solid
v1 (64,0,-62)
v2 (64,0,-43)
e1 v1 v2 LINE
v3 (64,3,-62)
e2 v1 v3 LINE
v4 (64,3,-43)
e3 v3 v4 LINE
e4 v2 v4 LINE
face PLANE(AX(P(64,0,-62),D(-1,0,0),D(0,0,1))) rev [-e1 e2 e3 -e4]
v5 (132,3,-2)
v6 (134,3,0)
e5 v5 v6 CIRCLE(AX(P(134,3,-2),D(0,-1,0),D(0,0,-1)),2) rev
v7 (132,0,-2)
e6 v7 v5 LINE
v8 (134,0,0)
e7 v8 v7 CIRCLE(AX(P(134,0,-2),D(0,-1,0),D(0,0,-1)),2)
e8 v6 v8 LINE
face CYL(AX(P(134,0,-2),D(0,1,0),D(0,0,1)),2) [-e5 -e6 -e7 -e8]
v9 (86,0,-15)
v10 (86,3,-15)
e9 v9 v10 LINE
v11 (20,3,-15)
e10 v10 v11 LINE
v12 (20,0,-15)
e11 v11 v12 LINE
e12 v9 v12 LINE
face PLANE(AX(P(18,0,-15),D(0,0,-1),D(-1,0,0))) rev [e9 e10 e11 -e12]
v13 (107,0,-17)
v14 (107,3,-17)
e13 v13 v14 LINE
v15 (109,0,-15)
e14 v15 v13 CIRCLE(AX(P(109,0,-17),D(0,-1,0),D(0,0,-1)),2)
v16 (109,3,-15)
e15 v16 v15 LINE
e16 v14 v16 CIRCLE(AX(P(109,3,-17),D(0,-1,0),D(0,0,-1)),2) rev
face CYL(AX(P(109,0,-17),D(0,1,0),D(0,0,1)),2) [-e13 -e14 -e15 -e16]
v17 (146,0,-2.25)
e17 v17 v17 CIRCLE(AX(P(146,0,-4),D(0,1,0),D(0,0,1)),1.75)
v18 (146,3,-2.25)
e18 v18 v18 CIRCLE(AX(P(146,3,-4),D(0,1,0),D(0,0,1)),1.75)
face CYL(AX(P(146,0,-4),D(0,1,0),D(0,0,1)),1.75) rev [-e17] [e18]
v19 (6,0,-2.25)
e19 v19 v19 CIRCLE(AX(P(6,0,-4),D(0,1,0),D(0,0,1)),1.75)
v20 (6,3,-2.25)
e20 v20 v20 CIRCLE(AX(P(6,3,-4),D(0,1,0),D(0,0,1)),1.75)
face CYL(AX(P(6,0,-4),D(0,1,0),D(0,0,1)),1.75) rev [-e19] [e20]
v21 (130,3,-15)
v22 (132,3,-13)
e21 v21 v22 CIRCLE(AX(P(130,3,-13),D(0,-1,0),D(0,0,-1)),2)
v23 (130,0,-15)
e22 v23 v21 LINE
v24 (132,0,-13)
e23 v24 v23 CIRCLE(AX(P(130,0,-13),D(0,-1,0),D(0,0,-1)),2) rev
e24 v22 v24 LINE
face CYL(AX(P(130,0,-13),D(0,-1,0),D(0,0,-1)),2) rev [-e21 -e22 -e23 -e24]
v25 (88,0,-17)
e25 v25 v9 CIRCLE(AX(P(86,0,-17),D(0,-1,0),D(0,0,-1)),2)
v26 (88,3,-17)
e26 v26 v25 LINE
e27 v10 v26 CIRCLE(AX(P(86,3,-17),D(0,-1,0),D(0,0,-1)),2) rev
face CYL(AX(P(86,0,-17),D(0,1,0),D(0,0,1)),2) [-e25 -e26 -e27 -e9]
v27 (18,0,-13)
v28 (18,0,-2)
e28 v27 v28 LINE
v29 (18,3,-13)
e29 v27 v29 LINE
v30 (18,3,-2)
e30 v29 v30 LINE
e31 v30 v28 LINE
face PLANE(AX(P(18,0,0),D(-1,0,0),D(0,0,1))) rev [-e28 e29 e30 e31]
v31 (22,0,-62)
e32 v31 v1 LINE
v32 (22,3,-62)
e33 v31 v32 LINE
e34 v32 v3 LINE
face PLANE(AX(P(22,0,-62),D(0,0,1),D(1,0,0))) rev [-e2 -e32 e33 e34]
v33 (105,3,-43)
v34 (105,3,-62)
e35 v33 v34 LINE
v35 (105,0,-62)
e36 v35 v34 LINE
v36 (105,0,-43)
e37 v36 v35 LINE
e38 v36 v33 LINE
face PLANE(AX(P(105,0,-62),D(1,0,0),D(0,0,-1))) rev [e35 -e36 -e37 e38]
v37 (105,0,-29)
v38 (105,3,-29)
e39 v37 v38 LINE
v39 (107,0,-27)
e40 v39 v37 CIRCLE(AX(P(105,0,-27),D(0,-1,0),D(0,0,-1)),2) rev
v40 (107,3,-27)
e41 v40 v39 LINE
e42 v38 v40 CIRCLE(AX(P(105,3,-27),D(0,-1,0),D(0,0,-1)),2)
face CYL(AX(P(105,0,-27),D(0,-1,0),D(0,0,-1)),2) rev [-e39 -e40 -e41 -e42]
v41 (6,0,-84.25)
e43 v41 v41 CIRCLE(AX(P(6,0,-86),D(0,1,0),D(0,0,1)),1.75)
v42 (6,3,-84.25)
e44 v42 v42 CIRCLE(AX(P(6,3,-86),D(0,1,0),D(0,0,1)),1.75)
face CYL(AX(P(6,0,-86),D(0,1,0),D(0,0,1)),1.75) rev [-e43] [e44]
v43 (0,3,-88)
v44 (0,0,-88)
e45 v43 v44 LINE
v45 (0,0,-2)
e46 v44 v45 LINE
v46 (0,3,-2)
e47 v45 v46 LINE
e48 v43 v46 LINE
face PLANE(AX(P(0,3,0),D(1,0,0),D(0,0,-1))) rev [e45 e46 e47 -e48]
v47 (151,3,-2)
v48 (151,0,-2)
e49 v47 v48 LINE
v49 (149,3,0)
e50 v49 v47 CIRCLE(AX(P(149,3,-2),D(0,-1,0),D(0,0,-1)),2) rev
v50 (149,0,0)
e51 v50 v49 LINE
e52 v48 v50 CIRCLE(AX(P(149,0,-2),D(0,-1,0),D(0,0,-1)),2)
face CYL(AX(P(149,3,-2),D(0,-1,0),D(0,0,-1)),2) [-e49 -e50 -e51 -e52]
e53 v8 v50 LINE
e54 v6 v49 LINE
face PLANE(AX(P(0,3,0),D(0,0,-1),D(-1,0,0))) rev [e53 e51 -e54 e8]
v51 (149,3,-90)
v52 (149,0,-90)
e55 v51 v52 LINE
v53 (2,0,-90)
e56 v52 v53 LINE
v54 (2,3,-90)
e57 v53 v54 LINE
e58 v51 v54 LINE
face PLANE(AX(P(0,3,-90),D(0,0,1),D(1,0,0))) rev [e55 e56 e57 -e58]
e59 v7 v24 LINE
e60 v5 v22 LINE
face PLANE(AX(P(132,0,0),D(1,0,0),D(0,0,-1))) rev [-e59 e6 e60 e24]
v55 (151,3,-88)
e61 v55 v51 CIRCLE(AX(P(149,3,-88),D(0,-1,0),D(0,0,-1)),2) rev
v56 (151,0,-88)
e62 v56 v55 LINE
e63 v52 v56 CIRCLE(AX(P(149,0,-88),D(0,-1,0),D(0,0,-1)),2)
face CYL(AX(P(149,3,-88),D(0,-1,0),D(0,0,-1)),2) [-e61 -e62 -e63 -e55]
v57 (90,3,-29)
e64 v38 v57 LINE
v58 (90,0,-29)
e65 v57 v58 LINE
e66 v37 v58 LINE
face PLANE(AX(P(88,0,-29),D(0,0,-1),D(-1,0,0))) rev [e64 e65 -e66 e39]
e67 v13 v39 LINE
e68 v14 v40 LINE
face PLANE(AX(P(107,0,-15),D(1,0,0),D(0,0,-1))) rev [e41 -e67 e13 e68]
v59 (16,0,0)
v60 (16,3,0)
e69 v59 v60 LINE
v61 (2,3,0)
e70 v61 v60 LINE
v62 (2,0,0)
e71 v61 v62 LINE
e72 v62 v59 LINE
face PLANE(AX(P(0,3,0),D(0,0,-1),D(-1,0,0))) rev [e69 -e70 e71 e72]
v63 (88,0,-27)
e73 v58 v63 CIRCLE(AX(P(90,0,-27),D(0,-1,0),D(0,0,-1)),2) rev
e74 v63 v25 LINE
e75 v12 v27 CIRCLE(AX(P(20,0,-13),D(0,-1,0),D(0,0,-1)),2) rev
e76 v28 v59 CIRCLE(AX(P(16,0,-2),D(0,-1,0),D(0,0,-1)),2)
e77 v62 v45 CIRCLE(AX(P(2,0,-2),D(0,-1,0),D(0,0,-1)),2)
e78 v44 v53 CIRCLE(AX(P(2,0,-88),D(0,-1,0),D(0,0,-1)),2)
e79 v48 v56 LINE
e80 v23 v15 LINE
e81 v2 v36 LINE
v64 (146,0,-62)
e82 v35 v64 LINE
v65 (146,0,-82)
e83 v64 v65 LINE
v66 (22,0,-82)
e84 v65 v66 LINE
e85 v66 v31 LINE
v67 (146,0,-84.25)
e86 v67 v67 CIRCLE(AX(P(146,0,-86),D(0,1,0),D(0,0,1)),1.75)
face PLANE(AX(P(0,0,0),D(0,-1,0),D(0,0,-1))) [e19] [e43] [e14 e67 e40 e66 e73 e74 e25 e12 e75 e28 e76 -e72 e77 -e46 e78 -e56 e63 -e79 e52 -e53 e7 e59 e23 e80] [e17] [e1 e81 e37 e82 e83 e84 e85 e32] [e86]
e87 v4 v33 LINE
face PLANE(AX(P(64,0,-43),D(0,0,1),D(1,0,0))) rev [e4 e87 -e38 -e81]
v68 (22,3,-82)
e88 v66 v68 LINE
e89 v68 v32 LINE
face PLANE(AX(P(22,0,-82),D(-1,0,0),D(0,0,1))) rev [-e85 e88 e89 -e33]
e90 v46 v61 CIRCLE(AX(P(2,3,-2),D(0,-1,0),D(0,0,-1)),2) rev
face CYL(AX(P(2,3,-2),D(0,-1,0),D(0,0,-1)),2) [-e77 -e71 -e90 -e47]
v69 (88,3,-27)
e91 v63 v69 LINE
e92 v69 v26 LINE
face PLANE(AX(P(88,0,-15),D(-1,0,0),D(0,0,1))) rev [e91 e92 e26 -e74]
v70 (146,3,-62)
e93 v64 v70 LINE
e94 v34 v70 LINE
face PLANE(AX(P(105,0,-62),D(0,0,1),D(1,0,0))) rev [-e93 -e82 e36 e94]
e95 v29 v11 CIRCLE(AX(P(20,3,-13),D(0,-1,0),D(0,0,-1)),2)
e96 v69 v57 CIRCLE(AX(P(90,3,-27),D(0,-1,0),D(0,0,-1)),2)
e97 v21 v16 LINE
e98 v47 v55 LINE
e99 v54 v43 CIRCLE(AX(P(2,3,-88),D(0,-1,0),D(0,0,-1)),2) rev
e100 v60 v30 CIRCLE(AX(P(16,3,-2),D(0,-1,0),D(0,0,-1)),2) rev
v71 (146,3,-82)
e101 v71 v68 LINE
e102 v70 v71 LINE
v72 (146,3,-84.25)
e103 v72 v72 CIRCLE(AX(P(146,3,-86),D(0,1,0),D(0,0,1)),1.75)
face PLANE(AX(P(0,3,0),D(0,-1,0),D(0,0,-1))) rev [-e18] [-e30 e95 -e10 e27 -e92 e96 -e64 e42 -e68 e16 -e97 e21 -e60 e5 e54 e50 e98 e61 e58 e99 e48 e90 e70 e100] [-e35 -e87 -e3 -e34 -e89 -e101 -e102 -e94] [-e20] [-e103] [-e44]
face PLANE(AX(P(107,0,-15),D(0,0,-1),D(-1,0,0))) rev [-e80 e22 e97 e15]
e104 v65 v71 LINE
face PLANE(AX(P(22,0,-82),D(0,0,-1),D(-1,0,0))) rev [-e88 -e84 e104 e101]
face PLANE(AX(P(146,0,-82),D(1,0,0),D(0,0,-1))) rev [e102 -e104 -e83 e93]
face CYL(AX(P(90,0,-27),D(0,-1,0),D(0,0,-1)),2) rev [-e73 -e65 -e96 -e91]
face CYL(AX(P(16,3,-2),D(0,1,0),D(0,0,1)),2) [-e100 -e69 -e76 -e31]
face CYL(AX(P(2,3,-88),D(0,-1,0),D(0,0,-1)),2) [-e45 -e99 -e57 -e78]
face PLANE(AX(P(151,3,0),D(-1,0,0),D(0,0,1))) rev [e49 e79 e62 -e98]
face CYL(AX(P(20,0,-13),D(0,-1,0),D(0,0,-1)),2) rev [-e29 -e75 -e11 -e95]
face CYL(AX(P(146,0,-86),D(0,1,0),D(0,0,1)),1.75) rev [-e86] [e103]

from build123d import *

# Parameters (mm, degrees)
SKETCH1_W           = 151
SKETCH1_H           = 90
BOSS_EXTRUDE1_DEPTH = 3
SKETCH2_R           = 1.75
CUT_EXTRUDE1_DEPTH  = 176.812400018
FILLET1_R           = 2
CUT_EXTRUDE2_DEPTH  = 176.812400018
FILLET2_R           = 2


with BuildPart() as part:
    # Sketch1 → Boss-Extrude1 (new body)
    with BuildSketch(Plane(origin=(0, 0, 0), x_dir=(1, 0, 0), z_dir=(0, 1, 0))):
        with Locations((75.5, 45)):
            Rectangle(SKETCH1_W, SKETCH1_H)
    extrude(amount=BOSS_EXTRUDE1_DEPTH)

    # Sketch2 → Cut-Extrude1 (cut, through all)
    with BuildSketch(Plane(origin=(0, 3, 0), x_dir=(1, 0, 0), z_dir=(0, 1, 0))):
        with Locations(Location((146, 86, 0), (0, 0, 270))):
            Circle(SKETCH2_R)
        with Locations(Location((146, 4, 0), (0, 0, 270))):
            Circle(SKETCH2_R)
        with Locations(Location((6, 86, 0), (0, 0, 270))):
            Circle(SKETCH2_R)
        with Locations(Location((6, 4, 0), (0, 0, 270))):
            Circle(SKETCH2_R)
    extrude(amount=-CUT_EXTRUDE1_DEPTH, mode=Mode.SUBTRACT)

    # Fillet1
    fillet1_edges = [part.edges().sort_by_distance(p)[0] for p in [
        (0, 1.5, -90),
        (151, 1.5, -90),
        (151, 1.5, 0),
        (0, 1.5, 0),
    ]]
    fillet(fillet1_edges, radius=FILLET1_R)

    # Sketch3 → Cut-Extrude2 (cut, through all)
    with BuildSketch(Plane(origin=(0, 3, 0), x_dir=(1, 0, 0), z_dir=(0, 1, 0))):
        Polygon((105, 62), (146, 62), (146, 82), (22, 82), (22, 62), (64, 62), (64, 43), (105, 43), align=None)
        Polygon((18, 0), (132, 0), (132, 15), (107, 15), (107, 29), (88, 29), (88, 15), (18, 15), align=None)
    extrude(amount=-CUT_EXTRUDE2_DEPTH, mode=Mode.SUBTRACT)

    # Fillet2
    fillet2_edges = [part.edges().sort_by_distance(p)[0] for p in [
        (18, 1.5, 0),
        (18, 1.5, -15),
        (88, 1.5, -15),
        (88, 1.5, -29),
        (107, 1.5, -29),
        (107, 1.5, -15),
        (132, 1.5, -15),
        (132, 1.5, 0),
    ]]
    fillet(fillet2_edges, radius=FILLET2_R)


solid = part.part
